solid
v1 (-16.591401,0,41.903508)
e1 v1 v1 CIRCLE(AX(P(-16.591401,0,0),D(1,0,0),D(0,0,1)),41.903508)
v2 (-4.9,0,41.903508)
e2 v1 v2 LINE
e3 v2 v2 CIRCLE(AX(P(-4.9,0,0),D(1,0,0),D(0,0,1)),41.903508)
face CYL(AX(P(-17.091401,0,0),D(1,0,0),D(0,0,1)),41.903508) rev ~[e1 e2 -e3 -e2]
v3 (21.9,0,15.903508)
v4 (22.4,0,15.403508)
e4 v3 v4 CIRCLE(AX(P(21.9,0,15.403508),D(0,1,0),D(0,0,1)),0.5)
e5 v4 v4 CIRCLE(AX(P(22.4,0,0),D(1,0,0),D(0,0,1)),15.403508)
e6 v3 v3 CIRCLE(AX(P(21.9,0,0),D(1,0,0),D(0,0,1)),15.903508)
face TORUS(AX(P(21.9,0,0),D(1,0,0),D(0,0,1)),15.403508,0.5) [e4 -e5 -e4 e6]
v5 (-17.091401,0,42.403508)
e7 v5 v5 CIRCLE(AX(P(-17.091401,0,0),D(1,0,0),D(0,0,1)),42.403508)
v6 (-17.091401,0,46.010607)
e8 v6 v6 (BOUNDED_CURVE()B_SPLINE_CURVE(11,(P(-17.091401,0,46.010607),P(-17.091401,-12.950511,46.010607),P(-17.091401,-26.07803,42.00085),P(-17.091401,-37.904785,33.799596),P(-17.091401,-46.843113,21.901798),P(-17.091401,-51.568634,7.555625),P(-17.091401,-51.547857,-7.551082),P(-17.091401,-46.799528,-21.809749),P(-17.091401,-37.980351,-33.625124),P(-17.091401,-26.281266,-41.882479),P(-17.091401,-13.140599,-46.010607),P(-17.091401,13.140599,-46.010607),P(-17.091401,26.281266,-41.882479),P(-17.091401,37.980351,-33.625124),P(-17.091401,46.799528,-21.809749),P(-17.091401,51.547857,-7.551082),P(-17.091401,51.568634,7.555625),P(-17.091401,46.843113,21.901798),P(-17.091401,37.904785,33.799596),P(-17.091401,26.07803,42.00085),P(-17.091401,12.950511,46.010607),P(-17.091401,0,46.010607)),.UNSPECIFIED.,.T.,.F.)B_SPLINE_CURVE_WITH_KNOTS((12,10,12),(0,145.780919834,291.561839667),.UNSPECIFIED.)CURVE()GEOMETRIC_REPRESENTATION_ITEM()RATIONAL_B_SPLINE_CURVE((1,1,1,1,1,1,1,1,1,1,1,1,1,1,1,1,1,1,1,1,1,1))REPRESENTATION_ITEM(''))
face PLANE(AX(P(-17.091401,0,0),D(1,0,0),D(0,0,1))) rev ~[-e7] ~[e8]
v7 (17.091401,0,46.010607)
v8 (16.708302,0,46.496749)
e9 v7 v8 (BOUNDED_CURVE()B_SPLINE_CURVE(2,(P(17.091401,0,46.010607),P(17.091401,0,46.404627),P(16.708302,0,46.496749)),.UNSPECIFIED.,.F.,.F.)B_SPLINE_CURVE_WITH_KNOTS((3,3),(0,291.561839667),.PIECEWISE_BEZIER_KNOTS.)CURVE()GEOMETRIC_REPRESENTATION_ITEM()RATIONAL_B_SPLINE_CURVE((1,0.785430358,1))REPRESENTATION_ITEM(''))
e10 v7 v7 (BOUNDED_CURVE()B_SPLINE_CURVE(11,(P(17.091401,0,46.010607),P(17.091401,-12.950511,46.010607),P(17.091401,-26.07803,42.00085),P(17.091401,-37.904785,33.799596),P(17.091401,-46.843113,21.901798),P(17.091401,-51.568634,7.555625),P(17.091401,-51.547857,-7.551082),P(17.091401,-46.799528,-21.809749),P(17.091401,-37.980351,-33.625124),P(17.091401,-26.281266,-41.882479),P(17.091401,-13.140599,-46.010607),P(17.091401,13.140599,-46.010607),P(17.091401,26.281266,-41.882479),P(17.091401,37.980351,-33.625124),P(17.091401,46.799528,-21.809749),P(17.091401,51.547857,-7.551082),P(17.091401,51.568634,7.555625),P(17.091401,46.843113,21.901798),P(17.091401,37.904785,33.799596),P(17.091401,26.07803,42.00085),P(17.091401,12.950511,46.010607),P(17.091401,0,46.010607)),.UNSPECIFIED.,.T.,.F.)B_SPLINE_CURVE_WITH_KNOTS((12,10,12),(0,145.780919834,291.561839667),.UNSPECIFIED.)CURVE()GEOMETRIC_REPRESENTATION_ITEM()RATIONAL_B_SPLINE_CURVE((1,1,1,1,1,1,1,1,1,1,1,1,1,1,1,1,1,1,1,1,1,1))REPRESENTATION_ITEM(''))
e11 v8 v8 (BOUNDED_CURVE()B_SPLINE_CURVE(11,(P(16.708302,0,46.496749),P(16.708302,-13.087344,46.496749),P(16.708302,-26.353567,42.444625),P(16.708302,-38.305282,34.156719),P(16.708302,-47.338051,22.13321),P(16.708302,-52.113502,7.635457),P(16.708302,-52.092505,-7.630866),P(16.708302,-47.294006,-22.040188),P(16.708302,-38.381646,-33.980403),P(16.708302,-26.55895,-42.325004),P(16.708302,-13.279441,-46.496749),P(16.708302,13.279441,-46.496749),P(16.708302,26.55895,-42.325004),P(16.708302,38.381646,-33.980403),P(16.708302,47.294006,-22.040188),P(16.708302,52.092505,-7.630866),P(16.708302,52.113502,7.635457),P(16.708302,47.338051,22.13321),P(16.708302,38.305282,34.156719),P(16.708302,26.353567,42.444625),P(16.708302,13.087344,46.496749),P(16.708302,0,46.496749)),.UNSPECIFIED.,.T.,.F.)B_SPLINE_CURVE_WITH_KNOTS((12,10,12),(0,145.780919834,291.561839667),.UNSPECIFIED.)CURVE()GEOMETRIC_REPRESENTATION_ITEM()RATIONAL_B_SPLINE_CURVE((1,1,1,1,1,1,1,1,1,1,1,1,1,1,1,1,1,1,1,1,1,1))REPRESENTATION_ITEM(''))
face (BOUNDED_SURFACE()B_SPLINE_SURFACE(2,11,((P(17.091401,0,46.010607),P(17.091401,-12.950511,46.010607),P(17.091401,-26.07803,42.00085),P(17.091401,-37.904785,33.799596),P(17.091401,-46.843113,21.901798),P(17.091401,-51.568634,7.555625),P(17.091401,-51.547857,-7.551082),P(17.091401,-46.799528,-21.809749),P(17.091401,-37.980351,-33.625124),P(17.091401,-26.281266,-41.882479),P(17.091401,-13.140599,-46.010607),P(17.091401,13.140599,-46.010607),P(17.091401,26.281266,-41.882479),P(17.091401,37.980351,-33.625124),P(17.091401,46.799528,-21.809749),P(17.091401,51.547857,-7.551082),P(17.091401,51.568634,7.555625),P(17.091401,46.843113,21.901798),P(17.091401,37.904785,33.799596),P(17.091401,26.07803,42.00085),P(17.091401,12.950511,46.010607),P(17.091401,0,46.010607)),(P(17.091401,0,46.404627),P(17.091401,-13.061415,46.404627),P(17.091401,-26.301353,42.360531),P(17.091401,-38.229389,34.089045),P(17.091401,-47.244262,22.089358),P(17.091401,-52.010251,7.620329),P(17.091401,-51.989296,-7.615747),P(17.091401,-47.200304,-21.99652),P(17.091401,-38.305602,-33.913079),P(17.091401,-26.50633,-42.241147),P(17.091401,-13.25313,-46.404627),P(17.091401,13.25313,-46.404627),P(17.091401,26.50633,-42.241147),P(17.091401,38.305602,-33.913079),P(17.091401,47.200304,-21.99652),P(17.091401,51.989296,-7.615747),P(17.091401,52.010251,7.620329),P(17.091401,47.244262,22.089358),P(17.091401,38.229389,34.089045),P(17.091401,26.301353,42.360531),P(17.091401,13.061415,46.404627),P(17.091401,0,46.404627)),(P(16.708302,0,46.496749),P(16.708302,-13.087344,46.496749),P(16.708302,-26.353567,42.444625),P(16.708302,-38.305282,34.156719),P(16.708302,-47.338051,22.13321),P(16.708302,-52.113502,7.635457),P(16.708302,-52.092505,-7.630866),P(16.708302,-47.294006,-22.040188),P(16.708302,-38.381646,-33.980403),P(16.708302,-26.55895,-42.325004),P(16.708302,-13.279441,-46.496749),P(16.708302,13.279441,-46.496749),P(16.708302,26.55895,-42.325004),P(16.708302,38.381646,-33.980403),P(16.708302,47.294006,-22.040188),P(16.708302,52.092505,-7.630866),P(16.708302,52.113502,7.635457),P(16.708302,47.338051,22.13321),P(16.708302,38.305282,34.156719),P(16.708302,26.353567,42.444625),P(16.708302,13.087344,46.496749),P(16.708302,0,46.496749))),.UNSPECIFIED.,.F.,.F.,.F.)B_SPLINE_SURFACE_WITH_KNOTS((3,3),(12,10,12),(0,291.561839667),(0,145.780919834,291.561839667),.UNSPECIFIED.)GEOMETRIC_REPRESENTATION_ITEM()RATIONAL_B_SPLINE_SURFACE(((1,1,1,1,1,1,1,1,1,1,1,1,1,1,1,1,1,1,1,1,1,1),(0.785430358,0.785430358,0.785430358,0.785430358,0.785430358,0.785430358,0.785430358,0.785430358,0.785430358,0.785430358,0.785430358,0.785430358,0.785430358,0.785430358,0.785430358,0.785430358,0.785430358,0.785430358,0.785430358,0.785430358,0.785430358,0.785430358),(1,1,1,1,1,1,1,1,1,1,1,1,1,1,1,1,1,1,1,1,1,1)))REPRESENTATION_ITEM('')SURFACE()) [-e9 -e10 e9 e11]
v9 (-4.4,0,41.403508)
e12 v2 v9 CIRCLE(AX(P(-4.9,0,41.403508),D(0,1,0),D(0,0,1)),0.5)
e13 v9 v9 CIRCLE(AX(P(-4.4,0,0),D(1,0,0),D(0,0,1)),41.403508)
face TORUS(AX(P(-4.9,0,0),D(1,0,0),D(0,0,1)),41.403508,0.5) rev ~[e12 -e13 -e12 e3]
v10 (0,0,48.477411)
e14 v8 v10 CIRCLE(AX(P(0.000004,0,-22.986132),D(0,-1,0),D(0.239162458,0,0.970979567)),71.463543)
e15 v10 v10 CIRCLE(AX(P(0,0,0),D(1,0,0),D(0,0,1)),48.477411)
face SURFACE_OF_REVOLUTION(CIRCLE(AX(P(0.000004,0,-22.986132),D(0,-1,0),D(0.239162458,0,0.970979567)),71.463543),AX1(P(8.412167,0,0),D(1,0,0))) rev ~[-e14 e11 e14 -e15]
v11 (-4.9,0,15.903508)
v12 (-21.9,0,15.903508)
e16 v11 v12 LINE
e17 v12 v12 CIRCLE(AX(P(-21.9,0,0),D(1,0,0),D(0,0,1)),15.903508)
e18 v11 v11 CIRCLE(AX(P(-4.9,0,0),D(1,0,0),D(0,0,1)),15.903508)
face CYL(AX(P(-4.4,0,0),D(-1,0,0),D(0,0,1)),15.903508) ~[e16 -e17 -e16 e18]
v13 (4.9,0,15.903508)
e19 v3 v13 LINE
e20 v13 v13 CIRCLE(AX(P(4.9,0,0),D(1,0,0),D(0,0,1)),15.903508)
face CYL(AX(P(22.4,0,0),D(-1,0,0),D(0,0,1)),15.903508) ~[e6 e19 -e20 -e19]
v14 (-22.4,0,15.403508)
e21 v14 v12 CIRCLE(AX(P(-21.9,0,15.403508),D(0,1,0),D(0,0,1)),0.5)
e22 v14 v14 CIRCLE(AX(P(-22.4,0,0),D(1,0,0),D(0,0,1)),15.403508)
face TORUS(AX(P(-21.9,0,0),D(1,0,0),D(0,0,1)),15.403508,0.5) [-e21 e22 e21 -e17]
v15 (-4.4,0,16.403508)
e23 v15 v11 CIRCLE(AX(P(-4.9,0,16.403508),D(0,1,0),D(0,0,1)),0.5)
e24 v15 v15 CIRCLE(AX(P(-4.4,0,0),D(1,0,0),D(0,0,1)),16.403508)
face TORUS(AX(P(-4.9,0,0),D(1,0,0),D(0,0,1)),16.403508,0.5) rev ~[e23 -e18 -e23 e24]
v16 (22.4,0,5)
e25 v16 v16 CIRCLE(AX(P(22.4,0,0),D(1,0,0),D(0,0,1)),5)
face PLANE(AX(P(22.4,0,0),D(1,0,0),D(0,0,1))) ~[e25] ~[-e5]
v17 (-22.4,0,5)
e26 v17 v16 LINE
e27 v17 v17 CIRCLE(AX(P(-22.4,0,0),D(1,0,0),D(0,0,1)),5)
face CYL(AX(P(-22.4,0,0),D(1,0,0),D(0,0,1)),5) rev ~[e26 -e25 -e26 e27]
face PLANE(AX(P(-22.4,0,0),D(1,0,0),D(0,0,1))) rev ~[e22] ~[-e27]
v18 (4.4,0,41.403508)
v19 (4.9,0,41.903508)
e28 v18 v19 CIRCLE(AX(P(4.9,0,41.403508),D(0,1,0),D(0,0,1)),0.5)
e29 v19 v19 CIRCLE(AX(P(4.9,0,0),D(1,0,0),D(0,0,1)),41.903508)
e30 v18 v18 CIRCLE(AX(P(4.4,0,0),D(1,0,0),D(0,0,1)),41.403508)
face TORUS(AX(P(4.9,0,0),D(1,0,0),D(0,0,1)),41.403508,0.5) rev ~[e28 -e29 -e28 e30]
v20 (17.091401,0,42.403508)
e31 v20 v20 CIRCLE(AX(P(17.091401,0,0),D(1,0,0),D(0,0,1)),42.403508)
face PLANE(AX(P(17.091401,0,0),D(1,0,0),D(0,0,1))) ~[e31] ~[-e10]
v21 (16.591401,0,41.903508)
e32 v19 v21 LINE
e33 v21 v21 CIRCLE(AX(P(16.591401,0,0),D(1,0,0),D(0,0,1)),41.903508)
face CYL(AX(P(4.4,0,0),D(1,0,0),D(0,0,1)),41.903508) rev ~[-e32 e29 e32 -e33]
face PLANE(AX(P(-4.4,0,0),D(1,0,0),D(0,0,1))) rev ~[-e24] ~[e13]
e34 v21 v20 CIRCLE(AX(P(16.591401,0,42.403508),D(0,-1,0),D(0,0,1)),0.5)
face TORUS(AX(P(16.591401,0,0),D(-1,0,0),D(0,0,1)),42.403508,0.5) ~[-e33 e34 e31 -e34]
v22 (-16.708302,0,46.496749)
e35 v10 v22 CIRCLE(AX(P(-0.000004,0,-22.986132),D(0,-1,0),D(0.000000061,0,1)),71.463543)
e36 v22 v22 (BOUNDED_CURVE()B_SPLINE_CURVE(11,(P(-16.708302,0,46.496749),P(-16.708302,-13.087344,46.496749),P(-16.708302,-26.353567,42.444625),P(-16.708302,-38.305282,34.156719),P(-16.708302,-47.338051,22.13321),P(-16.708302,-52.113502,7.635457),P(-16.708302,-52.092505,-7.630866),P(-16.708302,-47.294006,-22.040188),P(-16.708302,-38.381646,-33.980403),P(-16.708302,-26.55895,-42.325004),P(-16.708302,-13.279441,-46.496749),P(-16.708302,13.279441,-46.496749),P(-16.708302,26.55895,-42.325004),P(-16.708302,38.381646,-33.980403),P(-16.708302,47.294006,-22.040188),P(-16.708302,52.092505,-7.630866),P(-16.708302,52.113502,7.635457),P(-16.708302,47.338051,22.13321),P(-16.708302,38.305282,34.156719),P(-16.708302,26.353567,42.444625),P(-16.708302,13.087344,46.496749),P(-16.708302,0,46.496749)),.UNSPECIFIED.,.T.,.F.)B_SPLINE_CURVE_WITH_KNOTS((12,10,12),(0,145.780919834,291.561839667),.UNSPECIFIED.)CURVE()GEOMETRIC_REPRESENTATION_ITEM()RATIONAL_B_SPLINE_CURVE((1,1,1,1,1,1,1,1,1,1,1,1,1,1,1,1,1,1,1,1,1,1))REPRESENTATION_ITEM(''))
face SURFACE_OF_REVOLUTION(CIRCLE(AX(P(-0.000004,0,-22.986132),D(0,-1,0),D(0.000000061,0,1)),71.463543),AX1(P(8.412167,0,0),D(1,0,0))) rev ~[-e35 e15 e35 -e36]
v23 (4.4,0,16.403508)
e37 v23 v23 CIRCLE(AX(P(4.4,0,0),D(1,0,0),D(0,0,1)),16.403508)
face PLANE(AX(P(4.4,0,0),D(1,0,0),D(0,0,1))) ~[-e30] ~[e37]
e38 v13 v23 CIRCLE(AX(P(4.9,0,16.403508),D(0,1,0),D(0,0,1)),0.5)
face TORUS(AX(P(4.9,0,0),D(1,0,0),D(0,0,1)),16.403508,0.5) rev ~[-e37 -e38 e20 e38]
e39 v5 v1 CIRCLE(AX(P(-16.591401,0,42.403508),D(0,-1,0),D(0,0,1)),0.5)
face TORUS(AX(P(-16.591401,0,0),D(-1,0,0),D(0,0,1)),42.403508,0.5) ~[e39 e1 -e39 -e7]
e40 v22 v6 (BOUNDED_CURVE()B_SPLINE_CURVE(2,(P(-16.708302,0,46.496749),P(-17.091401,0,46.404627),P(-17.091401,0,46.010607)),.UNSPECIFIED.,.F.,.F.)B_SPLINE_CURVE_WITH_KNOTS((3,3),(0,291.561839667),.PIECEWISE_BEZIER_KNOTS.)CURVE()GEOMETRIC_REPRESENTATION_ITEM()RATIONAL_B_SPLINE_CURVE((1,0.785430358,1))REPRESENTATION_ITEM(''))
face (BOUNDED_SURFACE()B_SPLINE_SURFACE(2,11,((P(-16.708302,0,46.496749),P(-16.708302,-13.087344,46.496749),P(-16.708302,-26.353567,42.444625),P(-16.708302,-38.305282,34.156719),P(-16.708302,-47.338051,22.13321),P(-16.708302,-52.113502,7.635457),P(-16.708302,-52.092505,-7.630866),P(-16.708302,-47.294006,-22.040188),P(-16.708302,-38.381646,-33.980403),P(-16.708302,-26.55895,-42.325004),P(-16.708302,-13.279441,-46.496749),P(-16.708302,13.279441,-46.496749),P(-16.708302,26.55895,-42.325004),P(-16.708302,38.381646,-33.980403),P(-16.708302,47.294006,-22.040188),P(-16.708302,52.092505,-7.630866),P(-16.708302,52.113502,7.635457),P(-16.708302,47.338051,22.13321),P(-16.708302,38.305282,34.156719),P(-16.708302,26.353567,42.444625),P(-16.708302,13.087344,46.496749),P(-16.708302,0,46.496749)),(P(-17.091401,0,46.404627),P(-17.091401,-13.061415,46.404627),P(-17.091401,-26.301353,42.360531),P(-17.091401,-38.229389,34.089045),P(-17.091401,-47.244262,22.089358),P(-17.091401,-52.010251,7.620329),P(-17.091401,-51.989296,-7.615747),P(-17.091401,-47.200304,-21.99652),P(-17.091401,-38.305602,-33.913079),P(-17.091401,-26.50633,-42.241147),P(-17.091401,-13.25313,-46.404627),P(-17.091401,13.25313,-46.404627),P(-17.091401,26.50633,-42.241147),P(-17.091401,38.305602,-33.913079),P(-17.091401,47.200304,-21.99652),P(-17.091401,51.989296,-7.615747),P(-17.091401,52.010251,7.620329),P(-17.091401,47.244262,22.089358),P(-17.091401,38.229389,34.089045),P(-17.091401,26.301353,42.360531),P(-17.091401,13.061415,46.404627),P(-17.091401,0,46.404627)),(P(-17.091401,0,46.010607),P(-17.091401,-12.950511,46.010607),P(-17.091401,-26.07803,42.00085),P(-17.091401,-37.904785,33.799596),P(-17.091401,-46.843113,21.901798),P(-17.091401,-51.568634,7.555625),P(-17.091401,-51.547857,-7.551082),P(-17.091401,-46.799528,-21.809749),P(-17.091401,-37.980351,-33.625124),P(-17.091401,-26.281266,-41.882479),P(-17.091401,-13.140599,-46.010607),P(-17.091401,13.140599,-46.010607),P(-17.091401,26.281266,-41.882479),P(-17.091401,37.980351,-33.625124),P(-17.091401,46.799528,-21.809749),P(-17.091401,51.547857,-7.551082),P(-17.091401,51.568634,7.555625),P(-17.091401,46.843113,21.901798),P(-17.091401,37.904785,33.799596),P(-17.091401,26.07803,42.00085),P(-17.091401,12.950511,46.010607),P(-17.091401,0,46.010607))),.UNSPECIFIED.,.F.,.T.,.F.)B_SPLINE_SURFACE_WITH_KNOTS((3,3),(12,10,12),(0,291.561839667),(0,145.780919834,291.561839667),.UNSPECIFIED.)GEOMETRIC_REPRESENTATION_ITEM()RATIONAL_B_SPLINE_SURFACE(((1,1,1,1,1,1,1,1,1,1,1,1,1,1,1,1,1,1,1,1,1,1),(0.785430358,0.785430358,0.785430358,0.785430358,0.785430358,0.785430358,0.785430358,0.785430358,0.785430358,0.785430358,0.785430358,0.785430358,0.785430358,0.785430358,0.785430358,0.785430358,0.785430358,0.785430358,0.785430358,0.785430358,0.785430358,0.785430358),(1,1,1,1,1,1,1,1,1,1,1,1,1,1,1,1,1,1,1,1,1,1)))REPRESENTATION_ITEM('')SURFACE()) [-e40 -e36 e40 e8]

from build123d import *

# Parameters (mm, degrees)
F2_R = 0.5
F3_R = 0.5


with BuildPart() as f1:
    # F0 (on Front) → F1 (revolve)
    with BuildSketch(Plane.XZ):
        with BuildLine():
            Line((-22.4, 5), (0, 5))
            Line((0, 5), (22.4, 5))
            Line((22.4, 5), (22.4, 15.903508))
            Line((22.4, 15.903508), (4.4, 15.903508))
            Line((4.4, 15.903508), (4.4, 41.903508))
            Line((4.4, 41.903508), (17.091401, 41.903508))
            Line((17.091401, 41.903508), (17.091401, 46.403508))
            ThreePointArc((17.091401, 46.403508), (8.608383, 47.957041), (0, 48.477411))
            ThreePointArc((0, 48.477411), (-8.608383, 47.957041), (-17.091401, 46.403508))
            Line((-17.091401, 46.403508), (-17.091401, 41.903508))
            Line((-17.091401, 41.903508), (-4.4, 41.903508))
            Line((-4.4, 41.903508), (-4.4, 15.903508))
            Line((-4.4, 15.903508), (-22.4, 15.903508))
            Line((-22.4, 15.903508), (-22.4, 5))
        make_face()
    revolve(axis=Axis((8.412167, 0, 0), (1, 0, 0)))

    # F2
    f2_edges = [f1.edges().sort_by_distance(p)[0] for p in [
        (-17.091401, 0, -46.403508),
        (17.091401, 0, -46.403508),
        (-17.091401, 0, -41.903508),
        (17.091401, 0, -41.903508),
        (4.4, 0, -41.903508),
        (4.4, 0, -15.903508),
        (-4.4, 0, -41.903508),
        (-4.4, 0, -15.903508),
    ]]
    fillet(f2_edges, radius=F2_R)

    # F3
    f3_edges = [f1.edges().sort_by_distance(p)[0] for p in [
        (22.4, 0, -15.903508),
        (-22.4, 0, -15.903508),
    ]]
    fillet(f3_edges, radius=F3_R)


solid = f1.part
